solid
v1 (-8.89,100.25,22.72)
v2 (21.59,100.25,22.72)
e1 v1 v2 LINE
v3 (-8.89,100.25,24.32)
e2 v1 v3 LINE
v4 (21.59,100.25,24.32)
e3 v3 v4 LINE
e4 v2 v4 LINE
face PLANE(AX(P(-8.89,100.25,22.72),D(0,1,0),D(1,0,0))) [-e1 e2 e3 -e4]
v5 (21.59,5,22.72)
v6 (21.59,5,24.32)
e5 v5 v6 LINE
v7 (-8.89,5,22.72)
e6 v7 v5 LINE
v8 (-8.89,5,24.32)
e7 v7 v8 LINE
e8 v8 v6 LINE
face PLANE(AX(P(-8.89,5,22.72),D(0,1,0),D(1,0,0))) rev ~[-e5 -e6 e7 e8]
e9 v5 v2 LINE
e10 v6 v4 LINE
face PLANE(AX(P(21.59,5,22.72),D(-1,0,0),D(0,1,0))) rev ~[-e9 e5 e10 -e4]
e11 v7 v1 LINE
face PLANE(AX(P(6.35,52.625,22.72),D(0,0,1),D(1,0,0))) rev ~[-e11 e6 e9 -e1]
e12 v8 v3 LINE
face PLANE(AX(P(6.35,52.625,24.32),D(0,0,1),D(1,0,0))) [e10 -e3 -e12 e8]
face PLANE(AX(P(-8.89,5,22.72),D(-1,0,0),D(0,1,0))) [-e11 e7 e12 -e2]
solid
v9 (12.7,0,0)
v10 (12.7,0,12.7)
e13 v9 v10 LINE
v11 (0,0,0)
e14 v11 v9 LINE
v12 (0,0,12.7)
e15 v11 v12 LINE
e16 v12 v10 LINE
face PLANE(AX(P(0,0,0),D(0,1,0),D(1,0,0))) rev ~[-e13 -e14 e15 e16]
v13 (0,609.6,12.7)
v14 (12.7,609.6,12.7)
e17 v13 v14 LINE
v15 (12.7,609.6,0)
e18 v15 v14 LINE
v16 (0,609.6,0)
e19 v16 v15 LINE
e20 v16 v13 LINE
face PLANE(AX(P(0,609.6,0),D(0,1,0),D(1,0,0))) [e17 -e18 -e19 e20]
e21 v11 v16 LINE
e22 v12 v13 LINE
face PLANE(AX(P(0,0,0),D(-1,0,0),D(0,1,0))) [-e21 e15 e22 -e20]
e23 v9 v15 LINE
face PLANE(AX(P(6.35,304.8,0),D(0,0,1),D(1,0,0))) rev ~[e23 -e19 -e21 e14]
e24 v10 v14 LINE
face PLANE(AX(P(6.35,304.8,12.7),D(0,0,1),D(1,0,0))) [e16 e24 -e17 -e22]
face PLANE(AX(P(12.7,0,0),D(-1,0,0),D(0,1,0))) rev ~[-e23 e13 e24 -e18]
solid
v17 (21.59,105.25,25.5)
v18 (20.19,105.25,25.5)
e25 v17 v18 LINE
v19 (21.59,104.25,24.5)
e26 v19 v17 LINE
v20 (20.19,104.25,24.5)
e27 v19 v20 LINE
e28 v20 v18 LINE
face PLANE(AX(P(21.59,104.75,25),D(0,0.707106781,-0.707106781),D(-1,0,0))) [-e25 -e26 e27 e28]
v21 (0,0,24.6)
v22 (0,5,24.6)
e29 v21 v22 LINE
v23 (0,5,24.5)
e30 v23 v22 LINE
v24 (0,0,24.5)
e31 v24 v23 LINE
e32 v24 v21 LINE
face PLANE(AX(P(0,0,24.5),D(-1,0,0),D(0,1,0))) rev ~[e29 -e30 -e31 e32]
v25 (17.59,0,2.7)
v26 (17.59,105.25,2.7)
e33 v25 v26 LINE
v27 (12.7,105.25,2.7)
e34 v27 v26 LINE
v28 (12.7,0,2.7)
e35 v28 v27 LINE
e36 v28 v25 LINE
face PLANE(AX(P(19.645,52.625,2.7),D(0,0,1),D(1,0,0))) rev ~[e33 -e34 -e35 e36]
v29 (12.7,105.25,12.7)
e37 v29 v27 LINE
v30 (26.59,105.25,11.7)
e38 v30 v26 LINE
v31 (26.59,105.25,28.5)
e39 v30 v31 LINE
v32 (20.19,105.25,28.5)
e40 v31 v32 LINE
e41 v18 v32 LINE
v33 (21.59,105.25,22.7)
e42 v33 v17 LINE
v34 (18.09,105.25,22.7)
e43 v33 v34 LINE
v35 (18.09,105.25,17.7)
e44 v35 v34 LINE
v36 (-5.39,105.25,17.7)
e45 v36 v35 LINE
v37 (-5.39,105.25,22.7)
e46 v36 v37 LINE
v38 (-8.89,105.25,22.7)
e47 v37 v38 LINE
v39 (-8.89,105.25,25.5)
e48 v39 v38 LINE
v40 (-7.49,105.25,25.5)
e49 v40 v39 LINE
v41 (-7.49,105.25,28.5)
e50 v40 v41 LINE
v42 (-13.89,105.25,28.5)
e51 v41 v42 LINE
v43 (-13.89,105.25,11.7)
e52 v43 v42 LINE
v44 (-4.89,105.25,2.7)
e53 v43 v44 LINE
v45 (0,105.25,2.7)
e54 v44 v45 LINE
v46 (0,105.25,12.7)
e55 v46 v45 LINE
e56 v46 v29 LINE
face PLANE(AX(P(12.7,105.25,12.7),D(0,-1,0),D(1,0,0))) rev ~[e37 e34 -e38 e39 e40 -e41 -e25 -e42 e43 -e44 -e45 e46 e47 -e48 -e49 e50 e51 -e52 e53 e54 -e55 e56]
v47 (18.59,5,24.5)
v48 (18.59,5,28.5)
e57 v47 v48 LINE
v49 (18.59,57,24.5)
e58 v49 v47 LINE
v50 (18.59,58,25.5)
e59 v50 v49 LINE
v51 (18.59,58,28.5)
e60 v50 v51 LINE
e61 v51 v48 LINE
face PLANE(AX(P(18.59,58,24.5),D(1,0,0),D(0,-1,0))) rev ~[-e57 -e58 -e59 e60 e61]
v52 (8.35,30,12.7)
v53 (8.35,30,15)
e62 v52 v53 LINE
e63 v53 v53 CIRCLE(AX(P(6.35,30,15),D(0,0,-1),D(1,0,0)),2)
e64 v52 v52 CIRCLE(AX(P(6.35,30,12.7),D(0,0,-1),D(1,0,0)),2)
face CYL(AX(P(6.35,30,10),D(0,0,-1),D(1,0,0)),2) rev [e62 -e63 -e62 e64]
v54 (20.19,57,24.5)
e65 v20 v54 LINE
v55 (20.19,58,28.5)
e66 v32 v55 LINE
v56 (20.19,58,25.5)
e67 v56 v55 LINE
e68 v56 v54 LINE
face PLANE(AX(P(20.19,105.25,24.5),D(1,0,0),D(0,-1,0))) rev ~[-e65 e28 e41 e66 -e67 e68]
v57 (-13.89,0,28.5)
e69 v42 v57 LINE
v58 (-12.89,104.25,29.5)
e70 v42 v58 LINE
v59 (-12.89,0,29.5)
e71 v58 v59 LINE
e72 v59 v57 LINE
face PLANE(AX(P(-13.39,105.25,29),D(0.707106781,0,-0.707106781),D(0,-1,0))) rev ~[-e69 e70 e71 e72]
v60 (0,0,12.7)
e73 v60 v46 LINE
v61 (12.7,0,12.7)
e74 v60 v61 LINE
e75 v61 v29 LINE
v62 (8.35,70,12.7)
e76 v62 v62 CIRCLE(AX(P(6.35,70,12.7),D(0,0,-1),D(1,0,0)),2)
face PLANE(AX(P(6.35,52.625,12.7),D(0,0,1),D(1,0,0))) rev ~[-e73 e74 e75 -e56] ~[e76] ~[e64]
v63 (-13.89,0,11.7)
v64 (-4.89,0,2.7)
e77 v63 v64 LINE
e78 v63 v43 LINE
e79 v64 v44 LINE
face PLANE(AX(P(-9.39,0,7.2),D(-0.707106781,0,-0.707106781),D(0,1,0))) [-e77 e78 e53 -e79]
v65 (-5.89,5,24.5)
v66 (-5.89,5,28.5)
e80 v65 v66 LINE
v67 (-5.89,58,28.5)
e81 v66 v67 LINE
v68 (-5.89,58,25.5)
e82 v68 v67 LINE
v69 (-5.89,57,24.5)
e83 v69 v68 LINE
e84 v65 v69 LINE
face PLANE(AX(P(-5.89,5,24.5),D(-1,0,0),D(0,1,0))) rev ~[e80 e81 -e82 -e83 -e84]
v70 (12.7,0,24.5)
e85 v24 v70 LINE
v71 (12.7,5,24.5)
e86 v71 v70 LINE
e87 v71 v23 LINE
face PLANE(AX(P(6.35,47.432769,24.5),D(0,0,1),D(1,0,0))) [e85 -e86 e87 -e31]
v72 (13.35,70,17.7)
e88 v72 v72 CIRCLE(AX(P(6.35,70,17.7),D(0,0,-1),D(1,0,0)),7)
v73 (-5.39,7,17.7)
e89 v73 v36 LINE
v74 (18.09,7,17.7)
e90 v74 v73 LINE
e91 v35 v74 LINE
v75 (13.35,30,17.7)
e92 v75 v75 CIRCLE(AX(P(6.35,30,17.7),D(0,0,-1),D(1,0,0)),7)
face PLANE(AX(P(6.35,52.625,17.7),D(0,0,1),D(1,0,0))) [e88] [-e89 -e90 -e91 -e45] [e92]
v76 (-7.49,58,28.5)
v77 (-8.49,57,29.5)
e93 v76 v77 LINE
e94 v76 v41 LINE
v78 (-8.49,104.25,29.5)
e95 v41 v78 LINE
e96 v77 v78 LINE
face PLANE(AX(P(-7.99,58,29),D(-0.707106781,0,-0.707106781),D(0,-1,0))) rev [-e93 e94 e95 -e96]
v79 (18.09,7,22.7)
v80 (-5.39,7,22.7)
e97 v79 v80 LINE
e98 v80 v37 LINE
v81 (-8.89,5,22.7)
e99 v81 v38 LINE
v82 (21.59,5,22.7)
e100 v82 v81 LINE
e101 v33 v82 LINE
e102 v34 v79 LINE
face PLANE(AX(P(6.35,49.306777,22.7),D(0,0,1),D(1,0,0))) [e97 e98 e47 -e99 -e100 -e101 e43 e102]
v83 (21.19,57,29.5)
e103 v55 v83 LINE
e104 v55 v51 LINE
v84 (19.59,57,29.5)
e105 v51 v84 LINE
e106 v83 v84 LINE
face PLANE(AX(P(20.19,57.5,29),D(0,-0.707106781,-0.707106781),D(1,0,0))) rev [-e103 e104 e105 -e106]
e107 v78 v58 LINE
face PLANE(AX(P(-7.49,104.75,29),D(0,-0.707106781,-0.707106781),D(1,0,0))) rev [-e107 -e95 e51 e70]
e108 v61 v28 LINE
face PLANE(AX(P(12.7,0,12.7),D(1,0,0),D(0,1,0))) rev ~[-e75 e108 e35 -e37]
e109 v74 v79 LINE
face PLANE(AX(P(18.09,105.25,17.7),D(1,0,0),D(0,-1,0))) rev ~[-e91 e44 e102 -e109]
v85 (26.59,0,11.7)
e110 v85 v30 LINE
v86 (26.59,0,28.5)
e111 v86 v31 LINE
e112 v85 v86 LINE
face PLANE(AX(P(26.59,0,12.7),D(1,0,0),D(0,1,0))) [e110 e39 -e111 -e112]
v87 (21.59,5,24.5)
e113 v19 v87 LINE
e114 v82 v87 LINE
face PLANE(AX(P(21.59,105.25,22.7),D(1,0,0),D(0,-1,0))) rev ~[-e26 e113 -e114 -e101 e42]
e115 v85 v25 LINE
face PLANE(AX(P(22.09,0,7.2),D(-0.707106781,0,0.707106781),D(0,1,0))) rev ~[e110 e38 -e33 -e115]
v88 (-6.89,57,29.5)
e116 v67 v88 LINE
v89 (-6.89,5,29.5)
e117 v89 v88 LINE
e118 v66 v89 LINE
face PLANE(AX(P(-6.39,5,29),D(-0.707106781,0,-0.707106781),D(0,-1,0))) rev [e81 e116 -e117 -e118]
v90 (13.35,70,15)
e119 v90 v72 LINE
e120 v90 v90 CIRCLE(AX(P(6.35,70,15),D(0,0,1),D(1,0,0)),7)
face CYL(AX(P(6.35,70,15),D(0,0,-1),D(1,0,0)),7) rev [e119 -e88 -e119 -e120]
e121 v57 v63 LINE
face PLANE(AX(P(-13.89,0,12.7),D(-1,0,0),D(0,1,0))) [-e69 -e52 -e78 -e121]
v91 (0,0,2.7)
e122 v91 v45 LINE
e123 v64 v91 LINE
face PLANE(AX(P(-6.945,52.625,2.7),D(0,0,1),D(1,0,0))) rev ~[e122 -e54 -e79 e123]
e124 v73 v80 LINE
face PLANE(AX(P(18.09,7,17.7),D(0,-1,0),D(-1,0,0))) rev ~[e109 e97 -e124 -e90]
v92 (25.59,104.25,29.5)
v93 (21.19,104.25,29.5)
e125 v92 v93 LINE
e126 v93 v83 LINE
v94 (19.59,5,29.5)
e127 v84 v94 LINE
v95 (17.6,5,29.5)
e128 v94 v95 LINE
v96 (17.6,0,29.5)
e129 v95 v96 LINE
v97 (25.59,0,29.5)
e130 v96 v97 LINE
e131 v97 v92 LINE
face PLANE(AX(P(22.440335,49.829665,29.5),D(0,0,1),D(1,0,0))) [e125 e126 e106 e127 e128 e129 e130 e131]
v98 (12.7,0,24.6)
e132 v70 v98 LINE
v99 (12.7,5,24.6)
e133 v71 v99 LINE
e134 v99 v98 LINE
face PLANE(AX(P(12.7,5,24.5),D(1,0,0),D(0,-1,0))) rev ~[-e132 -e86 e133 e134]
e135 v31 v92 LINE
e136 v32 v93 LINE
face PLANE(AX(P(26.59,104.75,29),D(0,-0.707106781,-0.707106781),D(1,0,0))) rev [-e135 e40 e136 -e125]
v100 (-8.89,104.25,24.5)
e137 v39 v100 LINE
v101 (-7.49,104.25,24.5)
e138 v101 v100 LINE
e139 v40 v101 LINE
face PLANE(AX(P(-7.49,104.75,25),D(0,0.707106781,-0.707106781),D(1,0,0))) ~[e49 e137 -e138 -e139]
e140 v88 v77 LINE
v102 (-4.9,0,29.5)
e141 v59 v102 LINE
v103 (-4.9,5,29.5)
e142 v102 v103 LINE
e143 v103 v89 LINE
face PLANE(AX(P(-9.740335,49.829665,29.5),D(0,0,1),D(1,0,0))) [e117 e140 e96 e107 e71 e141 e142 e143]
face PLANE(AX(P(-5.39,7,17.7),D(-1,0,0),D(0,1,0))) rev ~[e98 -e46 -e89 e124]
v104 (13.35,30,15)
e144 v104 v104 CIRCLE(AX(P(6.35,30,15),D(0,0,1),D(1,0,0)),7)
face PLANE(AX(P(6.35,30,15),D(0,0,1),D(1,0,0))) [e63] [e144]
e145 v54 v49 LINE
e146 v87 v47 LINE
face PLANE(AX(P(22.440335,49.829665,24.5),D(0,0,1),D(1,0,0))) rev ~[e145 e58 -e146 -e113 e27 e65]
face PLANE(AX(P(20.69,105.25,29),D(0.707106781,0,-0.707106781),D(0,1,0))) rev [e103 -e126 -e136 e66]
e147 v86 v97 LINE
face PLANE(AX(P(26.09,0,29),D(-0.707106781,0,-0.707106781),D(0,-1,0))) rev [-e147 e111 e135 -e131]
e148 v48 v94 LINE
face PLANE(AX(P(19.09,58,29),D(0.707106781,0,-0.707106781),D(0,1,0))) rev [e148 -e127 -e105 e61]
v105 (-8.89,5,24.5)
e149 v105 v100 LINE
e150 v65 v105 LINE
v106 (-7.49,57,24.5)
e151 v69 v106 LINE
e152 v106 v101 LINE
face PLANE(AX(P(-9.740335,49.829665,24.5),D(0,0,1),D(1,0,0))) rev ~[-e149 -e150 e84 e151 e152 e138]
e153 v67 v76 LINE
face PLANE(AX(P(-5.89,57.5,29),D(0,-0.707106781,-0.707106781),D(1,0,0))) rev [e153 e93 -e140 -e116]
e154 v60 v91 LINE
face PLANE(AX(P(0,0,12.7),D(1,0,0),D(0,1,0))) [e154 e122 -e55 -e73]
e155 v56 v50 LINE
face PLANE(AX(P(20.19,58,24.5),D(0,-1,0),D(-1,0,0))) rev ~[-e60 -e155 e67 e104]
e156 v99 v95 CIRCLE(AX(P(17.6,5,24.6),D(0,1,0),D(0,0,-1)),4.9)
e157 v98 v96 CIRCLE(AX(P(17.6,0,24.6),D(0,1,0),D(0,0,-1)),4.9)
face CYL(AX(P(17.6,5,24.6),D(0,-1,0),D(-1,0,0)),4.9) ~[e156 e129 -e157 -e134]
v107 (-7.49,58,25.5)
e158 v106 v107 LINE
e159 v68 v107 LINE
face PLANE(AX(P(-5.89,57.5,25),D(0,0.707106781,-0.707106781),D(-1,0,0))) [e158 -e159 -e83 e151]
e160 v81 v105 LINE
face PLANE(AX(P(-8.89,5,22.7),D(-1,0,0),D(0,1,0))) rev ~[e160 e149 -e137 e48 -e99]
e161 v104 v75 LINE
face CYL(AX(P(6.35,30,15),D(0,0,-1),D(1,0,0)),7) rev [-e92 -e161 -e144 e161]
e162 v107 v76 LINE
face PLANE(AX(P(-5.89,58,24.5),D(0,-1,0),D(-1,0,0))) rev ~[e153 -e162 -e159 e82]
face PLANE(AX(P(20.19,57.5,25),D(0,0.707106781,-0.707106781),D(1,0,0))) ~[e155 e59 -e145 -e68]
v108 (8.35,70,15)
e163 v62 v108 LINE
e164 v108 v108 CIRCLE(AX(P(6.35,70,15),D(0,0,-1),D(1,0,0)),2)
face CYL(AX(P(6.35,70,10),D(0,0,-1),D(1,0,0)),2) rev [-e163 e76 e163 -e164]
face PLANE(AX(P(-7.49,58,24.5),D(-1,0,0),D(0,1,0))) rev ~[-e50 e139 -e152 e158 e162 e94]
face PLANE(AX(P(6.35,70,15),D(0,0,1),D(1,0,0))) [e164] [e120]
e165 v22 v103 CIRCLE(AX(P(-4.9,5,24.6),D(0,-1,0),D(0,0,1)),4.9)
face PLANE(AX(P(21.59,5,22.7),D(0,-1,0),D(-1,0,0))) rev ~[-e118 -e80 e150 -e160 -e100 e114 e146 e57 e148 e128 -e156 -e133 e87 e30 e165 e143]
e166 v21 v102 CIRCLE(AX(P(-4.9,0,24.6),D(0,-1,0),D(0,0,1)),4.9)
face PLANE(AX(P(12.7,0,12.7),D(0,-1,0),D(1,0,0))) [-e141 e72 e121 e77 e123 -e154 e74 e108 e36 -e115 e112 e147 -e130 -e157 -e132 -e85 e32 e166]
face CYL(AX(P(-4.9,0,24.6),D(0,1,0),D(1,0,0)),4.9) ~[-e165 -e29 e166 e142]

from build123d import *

# Parameters (mm, degrees)
BOX_W             = 12.7
BOX_H             = 609.6
BOX_DEPTH         = 12.7
BOX001_W          = 30.48
BOX001_H          = 95.25
BOX001_DEPTH      = 1.6
CYLINDER002_R     = 7
CYLINDER002_DEPTH = 3
CYLINDER003_R     = 7
CYLINDER003_DEPTH = 3
CYLINDER001_R     = 2
CYLINDER001_DEPTH = 10
CYLINDER_R        = 2
CYLINDER_DEPTH    = 10
SKETCH_W          = 40.48
SKETCH_H          = 105.25
EXTRUDE_DEPTH     = 5
SKETCH001_W       = 13.89
SKETCH001_H       = 105.25
EXTRUDE001_DEPTH  = 10
CHAMFER_SIZE      = 9
EXTRUDE002_DEPTH  = 5
EXTRUDE003_DEPTH  = 1.8
EXTRUDE004_DEPTH  = 5
CHAMFER001_SIZE   = 1
FILLET_R          = 4.9
CHAMFER002_SIZE   = 1
CHAMFER003_SIZE   = 1


with BuildPart() as dowel:
    # Box → Box (new body)
    with BuildSketch(Plane.XY):
        with Locations((6.35, 304.8)):
            Rectangle(BOX_W, BOX_H)
    extrude(amount=BOX_DEPTH)


with BuildPart() as pcb:
    # Box001 → Box001 (new body)
    with BuildSketch(Plane(origin=(-8.89, 5, 22.72), x_dir=(1, 0, 0), z_dir=(0, 0, 1))):
        with Locations((15.24, 47.625)):
            Rectangle(BOX001_W, BOX001_H)
    extrude(amount=BOX001_DEPTH)


with BuildPart() as countersink1:
    # Cylinder002 → Cylinder002 (new body)
    with BuildSketch(Plane(origin=(6.35, 30, 15), x_dir=(1, 0, 0), z_dir=(0, 0, 1))):
        Circle(CYLINDER002_R)
    extrude(amount=CYLINDER002_DEPTH)


with BuildPart() as countersink002:
    # Cylinder003 → Cylinder003 (new body)
    with BuildSketch(Plane(origin=(6.35, 70, 15), x_dir=(1, 0, 0), z_dir=(0, 0, 1))):
        Circle(CYLINDER003_R)
    extrude(amount=CYLINDER003_DEPTH)


with BuildPart() as screwhole2:
    # Cylinder001 → Cylinder001 (new body)
    with BuildSketch(Plane(origin=(6.35, 70, 10), x_dir=(1, 0, 0), z_dir=(0, 0, 1))):
        Circle(CYLINDER001_R)
    extrude(amount=CYLINDER001_DEPTH)


with BuildPart() as screwhole1:
    # Cylinder → Cylinder (new body)
    with BuildSketch(Plane(origin=(6.35, 30, 10), x_dir=(1, 0, 0), z_dir=(0, 0, 1))):
        Circle(CYLINDER_R)
    extrude(amount=CYLINDER_DEPTH)


with BuildPart() as baseplate:
    # Sketch → Extrude (new body)
    with BuildSketch(Plane.XY):
        with Locations((0, 52.625)):
            Rectangle(SKETCH_W, SKETCH_H)
    extrude(amount=EXTRUDE_DEPTH)


with BuildPart() as baseplate_1:
    # Extrude placement: moved
    add(baseplate.part.moved(Location((6.35, 0, 12.7))))

    # Cut: cut screwhole1
    add(screwhole1.part, mode=Mode.SUBTRACT)

    # Cut001: cut screwhole2
    add(screwhole2.part, mode=Mode.SUBTRACT)

    # Cut002: cut countersink002
    add(countersink002.part, mode=Mode.SUBTRACT)

    # Cut003: cut countersink1
    add(countersink1.part, mode=Mode.SUBTRACT)


with BuildPart() as supportarms:
    # Sketch001 (on Extrude) → Extrude001 (new body)
    with BuildSketch(Plane(origin=(6.35, 0, 12.7), x_dir=(1, 0, 0), z_dir=(0, 0, 1))):
        with Locations((-13.295, 52.625)):
            Rectangle(SKETCH001_W, SKETCH001_H)
        with Locations((13.295, 52.625)):
            Rectangle(SKETCH001_W, SKETCH001_H)
    extrude(amount=-EXTRUDE001_DEPTH)

    # Chamfer
    chamfer_edges = [supportarms.edges().sort_by_distance(p)[0] for p in [
        (26.59, 52.625, 2.7),
        (-13.89, 52.625, 2.7),
    ]]
    chamfer(chamfer_edges, length=CHAMFER_SIZE)


with BuildPart() as pcbarmsa:
    # Sketch002 (on Face5 of Cut003) → Extrude002 (new body)
    with BuildSketch(Plane.XY.offset(17.7)):
        Polygon((-13.89, 0), (-8.89, 0), (21.59, 0), (26.59, 0), (26.59, 105.25), (18.09, 105.25), (18.09, 7), (-5.39, 7), (-5.39, 105.25), (-13.89, 105.25), align=None)
    extrude(amount=EXTRUDE002_DEPTH)


with BuildPart() as pcbarmsb:
    # Sketch003 (on Face12 of Extrude002) → Extrude003 (new body)
    with BuildSketch(Plane.XY.offset(22.7)):
        Polygon((-13.89, 0), (26.59, 0), (26.59, 5), (26.59, 105.25), (21.59, 105.25), (21.59, 5), (-8.89, 5), (-8.89, 105.25), (-13.89, 105.25), (-13.89, 5), align=None)
    extrude(amount=EXTRUDE003_DEPTH)


with BuildPart() as fusion001:
    # Sketch004 (on Face12 of Extrude003) → Extrude004 (new body)
    with BuildSketch(Plane.XY.offset(24.5)):
        Polygon((-7.49, 105.25), (-13.89, 105.25), (-13.89, 0), (0, 0), (0, 5), (-5.89, 5), (-5.89, 58), (-7.49, 58), align=None)
        Polygon((26.59, 0), (26.59, 105.25), (20.19, 105.25), (20.19, 58), (18.59, 58), (18.59, 5), (12.7, 5), (12.7, 0), (18.59, 0), align=None)
    extrude(amount=EXTRUDE004_DEPTH)

    # Fusion: union PCBArmsA, PCBArmsB
    add(pcbarmsa.part)
    add(pcbarmsb.part)

    # Chamfer001
    chamfer001_edges = [fusion001.edges().sort_by_distance(p)[0] for p in [
        (-10.69, 105.25, 29.5),
        (-13.89, 52.625, 29.5),
        (-7.49, 81.625, 29.5),
        (-5.89, 31.5, 29.5),
        (-6.69, 58, 29.5),
        (26.59, 52.625, 29.5),
        (23.39, 105.25, 29.5),
        (18.59, 31.5, 29.5),
        (19.39, 58, 29.5),
        (20.19, 81.625, 29.5),
    ]]
    chamfer(chamfer001_edges, length=CHAMFER001_SIZE)

    # Fillet
    fillet_edges = [fusion001.edges().sort_by_distance(p)[0] for p in [
        (0, 2.5, 29.5),
        (12.7, 2.5, 29.5),
    ]]
    fillet(fillet_edges, radius=FILLET_R)

    # Chamfer002
    chamfer002_edges = [fusion001.edges().sort_by_distance(p)[0] for p in [
        (-8.19, 105.25, 24.5),
        (-6.69, 58, 24.5),
    ]]
    chamfer(chamfer002_edges, length=CHAMFER002_SIZE)

    # Chamfer003
    chamfer003_edges = [fusion001.edges().sort_by_distance(p)[0] for p in [
        (19.39, 58, 24.5),
        (20.89, 105.25, 24.5),
    ]]
    chamfer(chamfer003_edges, length=CHAMFER003_SIZE)

    # Fusion001: union Baseplate, SupportArms
    add(baseplate_1.part)
    add(supportarms.part)


solid = Compound([dowel.part, pcb.part, fusion001.part])
